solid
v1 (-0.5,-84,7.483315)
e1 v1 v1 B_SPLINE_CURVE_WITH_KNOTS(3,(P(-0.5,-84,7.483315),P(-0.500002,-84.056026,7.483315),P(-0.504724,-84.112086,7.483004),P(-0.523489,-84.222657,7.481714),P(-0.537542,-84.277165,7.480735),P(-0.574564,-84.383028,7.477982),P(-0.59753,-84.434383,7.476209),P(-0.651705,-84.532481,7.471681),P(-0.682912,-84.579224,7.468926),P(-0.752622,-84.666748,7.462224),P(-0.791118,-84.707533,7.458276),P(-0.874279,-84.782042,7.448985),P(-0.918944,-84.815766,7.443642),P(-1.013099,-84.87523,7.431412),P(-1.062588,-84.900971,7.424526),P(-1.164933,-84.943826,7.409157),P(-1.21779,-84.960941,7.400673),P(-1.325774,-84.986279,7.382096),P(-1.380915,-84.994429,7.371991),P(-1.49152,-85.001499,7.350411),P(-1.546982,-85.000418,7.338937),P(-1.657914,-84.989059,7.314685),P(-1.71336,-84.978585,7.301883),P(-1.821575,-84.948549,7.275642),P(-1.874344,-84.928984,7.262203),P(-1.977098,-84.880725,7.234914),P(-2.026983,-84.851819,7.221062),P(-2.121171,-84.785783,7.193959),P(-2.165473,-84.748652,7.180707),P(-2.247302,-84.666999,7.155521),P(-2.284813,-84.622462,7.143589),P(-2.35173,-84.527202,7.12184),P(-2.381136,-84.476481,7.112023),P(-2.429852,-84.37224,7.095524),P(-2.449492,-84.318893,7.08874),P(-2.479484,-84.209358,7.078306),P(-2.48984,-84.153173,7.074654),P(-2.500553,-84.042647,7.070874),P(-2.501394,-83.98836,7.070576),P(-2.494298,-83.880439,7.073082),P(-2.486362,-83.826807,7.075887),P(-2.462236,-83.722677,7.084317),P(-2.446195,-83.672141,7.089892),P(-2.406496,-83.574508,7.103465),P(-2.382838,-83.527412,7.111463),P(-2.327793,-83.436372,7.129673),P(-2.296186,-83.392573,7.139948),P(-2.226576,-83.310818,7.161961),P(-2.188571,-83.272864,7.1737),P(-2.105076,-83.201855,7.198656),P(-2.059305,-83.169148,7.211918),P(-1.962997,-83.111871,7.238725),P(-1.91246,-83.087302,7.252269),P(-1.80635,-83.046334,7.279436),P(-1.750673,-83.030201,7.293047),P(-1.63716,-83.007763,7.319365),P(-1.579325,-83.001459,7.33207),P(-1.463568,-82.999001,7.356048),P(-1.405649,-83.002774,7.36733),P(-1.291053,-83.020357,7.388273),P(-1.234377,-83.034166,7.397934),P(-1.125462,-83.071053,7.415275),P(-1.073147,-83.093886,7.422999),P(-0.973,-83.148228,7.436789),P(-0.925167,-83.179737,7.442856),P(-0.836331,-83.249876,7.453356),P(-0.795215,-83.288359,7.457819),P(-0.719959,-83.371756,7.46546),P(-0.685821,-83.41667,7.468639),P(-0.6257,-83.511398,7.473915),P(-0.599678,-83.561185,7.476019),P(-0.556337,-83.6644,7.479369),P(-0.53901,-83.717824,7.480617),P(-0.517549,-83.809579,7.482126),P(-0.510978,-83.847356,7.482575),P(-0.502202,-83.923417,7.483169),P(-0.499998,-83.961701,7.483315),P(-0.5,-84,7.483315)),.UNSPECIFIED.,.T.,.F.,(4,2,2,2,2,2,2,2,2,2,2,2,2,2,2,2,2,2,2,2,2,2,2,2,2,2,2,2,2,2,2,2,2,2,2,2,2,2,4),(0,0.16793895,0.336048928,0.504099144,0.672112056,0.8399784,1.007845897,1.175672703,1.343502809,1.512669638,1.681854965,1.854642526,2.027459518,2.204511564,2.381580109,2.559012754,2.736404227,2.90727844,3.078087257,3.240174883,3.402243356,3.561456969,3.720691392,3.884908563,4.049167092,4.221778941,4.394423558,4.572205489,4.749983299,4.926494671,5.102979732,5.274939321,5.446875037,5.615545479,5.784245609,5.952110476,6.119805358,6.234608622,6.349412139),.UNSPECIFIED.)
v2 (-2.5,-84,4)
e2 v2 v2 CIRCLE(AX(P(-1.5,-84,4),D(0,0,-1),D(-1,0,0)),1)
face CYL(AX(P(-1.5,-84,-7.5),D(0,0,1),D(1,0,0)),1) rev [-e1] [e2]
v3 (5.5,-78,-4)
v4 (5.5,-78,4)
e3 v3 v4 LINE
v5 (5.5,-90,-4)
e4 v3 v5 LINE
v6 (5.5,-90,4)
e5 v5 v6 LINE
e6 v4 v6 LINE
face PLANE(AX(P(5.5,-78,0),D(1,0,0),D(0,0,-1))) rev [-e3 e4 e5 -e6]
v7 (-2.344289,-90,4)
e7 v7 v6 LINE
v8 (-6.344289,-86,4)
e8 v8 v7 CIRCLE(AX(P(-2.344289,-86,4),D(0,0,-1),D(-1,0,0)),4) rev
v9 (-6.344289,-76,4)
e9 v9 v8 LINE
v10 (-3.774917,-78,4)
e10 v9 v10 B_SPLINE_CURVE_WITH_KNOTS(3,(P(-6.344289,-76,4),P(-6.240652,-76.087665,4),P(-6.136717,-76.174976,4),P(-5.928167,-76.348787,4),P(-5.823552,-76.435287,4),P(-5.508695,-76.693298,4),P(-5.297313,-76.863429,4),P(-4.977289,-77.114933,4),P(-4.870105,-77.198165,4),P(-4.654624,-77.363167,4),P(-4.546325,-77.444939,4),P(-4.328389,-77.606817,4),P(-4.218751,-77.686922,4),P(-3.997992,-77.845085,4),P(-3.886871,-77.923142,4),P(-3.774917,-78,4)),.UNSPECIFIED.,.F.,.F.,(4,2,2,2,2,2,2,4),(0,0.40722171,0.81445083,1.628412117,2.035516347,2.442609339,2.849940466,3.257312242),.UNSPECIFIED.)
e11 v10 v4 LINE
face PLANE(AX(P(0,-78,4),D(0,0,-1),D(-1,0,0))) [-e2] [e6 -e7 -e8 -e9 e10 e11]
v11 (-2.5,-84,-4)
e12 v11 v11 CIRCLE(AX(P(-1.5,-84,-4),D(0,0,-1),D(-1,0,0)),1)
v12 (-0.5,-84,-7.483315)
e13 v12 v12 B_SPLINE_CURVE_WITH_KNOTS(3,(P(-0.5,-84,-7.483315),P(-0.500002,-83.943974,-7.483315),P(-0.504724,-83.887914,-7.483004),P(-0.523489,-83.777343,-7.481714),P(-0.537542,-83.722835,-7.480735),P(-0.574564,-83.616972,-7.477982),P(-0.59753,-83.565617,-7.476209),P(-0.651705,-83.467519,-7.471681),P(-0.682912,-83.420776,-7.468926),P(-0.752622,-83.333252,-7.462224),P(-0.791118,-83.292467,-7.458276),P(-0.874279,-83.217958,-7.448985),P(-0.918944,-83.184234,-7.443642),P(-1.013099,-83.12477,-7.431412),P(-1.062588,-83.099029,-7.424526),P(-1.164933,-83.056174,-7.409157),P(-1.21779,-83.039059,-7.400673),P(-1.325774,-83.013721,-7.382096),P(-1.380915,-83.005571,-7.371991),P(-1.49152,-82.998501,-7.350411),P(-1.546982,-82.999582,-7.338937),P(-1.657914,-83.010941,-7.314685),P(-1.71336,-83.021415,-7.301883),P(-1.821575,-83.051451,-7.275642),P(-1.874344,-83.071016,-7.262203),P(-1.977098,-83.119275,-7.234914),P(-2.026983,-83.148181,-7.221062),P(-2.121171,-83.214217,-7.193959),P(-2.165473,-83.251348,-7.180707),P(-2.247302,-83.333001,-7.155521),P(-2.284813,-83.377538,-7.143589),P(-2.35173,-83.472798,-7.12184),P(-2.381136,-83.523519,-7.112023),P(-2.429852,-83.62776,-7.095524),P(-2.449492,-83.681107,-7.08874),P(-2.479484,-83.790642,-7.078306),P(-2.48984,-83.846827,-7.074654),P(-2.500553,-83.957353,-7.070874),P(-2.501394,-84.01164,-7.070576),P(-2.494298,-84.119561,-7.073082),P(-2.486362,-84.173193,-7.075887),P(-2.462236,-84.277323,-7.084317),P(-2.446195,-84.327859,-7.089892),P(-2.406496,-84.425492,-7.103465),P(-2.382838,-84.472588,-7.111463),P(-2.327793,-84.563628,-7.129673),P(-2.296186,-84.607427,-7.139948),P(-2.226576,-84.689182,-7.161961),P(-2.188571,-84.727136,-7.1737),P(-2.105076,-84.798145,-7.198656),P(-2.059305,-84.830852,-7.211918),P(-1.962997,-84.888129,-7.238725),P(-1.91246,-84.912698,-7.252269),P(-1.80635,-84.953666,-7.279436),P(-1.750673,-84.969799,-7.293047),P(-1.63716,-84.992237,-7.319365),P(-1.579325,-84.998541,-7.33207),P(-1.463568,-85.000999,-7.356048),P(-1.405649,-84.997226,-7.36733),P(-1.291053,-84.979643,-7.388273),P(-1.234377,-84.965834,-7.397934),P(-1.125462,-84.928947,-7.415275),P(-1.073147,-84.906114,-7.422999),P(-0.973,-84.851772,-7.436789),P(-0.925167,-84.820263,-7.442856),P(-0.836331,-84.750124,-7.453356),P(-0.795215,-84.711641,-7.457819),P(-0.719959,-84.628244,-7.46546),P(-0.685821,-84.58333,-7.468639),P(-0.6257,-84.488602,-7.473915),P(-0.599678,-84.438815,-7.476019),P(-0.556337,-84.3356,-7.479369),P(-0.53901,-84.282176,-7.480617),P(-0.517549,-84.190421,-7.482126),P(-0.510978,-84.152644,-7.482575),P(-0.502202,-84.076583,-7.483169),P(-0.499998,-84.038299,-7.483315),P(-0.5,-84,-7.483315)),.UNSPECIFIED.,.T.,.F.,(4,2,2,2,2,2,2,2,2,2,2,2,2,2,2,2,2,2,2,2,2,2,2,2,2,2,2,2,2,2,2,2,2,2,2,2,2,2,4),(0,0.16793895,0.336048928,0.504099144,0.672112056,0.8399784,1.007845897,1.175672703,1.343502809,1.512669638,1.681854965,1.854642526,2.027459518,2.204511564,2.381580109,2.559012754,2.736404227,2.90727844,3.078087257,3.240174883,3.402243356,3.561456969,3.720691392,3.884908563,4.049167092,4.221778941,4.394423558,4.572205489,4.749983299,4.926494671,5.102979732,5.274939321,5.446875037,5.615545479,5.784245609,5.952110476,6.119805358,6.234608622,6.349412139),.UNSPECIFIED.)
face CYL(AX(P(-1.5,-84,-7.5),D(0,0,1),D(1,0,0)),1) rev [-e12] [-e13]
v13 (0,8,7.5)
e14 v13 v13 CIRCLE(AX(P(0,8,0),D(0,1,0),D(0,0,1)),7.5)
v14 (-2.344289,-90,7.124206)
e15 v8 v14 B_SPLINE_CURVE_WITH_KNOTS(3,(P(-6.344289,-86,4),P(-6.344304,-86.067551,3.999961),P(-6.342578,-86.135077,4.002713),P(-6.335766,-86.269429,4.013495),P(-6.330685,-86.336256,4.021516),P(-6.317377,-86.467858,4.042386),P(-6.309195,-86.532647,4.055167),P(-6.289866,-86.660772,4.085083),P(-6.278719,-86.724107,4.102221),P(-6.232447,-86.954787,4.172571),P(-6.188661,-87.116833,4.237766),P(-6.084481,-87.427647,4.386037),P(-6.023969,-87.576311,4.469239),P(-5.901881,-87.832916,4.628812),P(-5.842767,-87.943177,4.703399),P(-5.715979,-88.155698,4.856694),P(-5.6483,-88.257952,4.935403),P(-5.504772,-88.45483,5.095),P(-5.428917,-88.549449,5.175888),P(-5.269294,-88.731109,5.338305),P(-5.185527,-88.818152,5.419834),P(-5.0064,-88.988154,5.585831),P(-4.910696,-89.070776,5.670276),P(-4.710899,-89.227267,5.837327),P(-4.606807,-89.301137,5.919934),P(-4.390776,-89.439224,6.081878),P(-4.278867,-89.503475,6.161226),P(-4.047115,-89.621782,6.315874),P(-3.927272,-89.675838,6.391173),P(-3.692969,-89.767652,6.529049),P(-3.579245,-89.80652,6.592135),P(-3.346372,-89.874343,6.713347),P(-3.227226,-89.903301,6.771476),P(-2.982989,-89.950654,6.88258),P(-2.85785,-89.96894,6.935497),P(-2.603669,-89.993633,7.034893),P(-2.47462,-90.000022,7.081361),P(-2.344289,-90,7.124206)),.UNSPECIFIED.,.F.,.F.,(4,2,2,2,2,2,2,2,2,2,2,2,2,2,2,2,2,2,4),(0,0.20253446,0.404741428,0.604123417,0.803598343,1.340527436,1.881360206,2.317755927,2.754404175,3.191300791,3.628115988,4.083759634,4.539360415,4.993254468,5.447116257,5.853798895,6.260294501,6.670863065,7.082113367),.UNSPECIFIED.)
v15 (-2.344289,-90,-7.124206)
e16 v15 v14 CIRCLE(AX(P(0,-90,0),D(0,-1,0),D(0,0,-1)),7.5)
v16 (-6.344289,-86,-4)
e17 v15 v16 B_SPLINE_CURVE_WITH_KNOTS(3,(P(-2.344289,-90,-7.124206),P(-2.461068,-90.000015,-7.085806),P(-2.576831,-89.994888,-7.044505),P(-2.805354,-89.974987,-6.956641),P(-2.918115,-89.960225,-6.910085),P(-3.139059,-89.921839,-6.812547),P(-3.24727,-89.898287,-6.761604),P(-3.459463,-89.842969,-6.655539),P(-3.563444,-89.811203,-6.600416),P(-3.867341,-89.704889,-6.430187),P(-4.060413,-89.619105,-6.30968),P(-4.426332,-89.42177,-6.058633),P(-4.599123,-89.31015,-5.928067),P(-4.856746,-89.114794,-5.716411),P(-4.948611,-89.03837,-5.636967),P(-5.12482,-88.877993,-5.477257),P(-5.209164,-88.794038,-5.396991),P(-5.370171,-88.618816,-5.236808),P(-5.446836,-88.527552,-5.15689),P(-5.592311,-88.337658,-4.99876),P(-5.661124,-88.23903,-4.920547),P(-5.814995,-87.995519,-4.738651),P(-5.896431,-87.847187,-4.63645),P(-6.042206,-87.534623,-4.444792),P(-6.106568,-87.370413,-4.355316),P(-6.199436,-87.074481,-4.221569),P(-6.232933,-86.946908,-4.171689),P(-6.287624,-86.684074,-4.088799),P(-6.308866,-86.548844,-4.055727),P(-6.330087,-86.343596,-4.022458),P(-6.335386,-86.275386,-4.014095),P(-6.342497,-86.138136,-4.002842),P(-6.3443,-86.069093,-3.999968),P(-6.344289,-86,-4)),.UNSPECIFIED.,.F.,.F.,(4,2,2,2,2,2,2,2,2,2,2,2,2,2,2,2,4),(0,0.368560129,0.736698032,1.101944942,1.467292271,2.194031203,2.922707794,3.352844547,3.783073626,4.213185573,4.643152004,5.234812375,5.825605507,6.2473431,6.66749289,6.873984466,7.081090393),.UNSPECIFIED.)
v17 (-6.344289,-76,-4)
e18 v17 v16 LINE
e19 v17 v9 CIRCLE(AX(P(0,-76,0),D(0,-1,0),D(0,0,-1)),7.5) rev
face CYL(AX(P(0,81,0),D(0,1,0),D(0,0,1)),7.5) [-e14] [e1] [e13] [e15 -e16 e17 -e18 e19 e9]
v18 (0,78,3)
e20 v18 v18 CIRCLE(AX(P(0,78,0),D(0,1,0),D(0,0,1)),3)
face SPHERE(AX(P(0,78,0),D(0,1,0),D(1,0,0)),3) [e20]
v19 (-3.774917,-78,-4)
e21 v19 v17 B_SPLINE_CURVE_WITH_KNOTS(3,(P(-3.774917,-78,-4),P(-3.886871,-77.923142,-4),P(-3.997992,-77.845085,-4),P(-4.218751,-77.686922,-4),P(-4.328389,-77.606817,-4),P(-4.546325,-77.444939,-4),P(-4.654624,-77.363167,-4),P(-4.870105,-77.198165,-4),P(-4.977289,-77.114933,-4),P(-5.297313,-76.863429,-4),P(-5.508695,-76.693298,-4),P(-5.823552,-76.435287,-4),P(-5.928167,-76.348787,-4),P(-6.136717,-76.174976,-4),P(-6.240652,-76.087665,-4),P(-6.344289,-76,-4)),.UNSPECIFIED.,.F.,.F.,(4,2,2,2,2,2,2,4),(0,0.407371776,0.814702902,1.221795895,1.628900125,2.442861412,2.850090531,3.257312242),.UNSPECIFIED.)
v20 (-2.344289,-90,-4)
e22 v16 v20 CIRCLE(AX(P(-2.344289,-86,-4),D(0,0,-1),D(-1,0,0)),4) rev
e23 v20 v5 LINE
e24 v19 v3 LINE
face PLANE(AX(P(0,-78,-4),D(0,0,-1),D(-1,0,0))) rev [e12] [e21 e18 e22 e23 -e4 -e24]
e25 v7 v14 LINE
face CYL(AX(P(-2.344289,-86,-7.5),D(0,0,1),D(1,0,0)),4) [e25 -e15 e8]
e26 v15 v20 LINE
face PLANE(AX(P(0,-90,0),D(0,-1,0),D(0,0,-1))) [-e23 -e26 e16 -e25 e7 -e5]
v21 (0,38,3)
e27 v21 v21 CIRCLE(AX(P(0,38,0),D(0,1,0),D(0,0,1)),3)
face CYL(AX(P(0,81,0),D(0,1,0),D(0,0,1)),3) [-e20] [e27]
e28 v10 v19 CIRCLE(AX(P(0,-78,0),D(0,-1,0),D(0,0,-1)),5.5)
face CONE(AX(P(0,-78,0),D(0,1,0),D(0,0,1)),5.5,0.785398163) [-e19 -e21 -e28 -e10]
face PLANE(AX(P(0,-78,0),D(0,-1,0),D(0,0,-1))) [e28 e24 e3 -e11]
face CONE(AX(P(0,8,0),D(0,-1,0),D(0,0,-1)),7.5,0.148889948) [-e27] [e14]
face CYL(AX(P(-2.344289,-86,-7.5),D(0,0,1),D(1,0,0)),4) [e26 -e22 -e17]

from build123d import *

# Parameters (mm, degrees)
SKETCH3_R               = 7.5
BOSS_EXTRUDE1_DEPTH     = 18
CUT_EXTRUDE1_START      = -12
CUT_EXTRUDE1_DEPTH      = 12
CHAMFER1_SIZE           = 2
CUT_EXTRUDE2_DEPTH      = 92.041199465
CUT_EXTRUDE2_DEPTH_BACK = 92.041199465
CUT_EXTRUDE3_DEPTH      = 92.041199585
CUT_EXTRUDE3_DEPTH_BACK = 92.041199585
SKETCH7_R               = 1


with BuildPart() as part:
    # Sketch2 → Revolve1 (revolve)
    with BuildSketch(Plane.XY, mode=Mode.PRIVATE) as revolve1_sk:
        with BuildLine():
            Line((7.5, -72), (7.5, 8))
            Line((7.5, 8), (3, 38))
            Line((3, 38), (3, 78))
            ThreePointArc((3, 78), (2.121320344, 80.121320344), (0, 81))
            Line((0, 81), (0, -72))
            Line((0, -72), (7.5, -72))
        make_face()
    revolve(revolve1_sk.sketch.rotate(Axis((0, 81, 0), (0, -1, 0)), 90), axis=Axis((0, 81, 0), (0, -1, 0)))

    # Sketch3 → Boss-Extrude1 (add)
    with BuildSketch(Plane.XZ.offset(72)):
        with Locations(Location((0, 0, 0), (0, 0, 90))):
            Circle(SKETCH3_R)
    extrude(amount=BOSS_EXTRUDE1_DEPTH)

    # Sketch4 → Cut-Extrude1 (cut)
    with BuildSketch(Plane.XZ.offset(90).offset(CUT_EXTRUDE1_START)):
        with BuildLine():
            Line((5.5, 4), (-6.34428877, 4))
            ThreePointArc((-6.34428877, 4), (-7.5, 0), (-6.34428877, -4))
            Line((-6.34428877, -4), (5.5, -4))
            Line((5.5, -4), (5.5, -0.585443259))
            Line((5.5, -0.585443259), (5.5, 0.585443259))
            Line((5.5, 0.585443259), (5.5, 4))
        make_face()
    extrude(amount=CUT_EXTRUDE1_DEPTH, mode=Mode.SUBTRACT)

    # Chamfer1
    chamfer1_edges = [part.edges().sort_by_distance(p)[0] for p in [
        (-7.5, -78, 0),
    ]]
    chamfer(chamfer1_edges, length=CHAMFER1_SIZE)

    # Sketch6 → Cut-Extrude2 (cut, two sides: drawn at the far end of the back side and taken through both)
    with BuildSketch(Plane.XY.offset(-4).offset(-CUT_EXTRUDE2_DEPTH_BACK)):
        with BuildLine():
            Line((-6.34428877, -86), (-6.34428877, -90))
            Line((-6.34428877, -90), (-2.34428877, -90))
            ThreePointArc((-2.34428877, -90), (-5.172715895, -88.828427125), (-6.34428877, -86))
        make_face()
    extrude(amount=CUT_EXTRUDE2_DEPTH + CUT_EXTRUDE2_DEPTH_BACK, mode=Mode.SUBTRACT)

    # Sketch7 → Cut-Extrude3 (cut, two sides: drawn at the far end of the back side and taken through both)
    with BuildSketch(Plane.XY.offset(-4).offset(-CUT_EXTRUDE3_DEPTH_BACK)):
        with Locations((-1.5, -84)):
            Circle(SKETCH7_R)
    extrude(amount=CUT_EXTRUDE3_DEPTH + CUT_EXTRUDE3_DEPTH_BACK, mode=Mode.SUBTRACT)


solid = part.part
